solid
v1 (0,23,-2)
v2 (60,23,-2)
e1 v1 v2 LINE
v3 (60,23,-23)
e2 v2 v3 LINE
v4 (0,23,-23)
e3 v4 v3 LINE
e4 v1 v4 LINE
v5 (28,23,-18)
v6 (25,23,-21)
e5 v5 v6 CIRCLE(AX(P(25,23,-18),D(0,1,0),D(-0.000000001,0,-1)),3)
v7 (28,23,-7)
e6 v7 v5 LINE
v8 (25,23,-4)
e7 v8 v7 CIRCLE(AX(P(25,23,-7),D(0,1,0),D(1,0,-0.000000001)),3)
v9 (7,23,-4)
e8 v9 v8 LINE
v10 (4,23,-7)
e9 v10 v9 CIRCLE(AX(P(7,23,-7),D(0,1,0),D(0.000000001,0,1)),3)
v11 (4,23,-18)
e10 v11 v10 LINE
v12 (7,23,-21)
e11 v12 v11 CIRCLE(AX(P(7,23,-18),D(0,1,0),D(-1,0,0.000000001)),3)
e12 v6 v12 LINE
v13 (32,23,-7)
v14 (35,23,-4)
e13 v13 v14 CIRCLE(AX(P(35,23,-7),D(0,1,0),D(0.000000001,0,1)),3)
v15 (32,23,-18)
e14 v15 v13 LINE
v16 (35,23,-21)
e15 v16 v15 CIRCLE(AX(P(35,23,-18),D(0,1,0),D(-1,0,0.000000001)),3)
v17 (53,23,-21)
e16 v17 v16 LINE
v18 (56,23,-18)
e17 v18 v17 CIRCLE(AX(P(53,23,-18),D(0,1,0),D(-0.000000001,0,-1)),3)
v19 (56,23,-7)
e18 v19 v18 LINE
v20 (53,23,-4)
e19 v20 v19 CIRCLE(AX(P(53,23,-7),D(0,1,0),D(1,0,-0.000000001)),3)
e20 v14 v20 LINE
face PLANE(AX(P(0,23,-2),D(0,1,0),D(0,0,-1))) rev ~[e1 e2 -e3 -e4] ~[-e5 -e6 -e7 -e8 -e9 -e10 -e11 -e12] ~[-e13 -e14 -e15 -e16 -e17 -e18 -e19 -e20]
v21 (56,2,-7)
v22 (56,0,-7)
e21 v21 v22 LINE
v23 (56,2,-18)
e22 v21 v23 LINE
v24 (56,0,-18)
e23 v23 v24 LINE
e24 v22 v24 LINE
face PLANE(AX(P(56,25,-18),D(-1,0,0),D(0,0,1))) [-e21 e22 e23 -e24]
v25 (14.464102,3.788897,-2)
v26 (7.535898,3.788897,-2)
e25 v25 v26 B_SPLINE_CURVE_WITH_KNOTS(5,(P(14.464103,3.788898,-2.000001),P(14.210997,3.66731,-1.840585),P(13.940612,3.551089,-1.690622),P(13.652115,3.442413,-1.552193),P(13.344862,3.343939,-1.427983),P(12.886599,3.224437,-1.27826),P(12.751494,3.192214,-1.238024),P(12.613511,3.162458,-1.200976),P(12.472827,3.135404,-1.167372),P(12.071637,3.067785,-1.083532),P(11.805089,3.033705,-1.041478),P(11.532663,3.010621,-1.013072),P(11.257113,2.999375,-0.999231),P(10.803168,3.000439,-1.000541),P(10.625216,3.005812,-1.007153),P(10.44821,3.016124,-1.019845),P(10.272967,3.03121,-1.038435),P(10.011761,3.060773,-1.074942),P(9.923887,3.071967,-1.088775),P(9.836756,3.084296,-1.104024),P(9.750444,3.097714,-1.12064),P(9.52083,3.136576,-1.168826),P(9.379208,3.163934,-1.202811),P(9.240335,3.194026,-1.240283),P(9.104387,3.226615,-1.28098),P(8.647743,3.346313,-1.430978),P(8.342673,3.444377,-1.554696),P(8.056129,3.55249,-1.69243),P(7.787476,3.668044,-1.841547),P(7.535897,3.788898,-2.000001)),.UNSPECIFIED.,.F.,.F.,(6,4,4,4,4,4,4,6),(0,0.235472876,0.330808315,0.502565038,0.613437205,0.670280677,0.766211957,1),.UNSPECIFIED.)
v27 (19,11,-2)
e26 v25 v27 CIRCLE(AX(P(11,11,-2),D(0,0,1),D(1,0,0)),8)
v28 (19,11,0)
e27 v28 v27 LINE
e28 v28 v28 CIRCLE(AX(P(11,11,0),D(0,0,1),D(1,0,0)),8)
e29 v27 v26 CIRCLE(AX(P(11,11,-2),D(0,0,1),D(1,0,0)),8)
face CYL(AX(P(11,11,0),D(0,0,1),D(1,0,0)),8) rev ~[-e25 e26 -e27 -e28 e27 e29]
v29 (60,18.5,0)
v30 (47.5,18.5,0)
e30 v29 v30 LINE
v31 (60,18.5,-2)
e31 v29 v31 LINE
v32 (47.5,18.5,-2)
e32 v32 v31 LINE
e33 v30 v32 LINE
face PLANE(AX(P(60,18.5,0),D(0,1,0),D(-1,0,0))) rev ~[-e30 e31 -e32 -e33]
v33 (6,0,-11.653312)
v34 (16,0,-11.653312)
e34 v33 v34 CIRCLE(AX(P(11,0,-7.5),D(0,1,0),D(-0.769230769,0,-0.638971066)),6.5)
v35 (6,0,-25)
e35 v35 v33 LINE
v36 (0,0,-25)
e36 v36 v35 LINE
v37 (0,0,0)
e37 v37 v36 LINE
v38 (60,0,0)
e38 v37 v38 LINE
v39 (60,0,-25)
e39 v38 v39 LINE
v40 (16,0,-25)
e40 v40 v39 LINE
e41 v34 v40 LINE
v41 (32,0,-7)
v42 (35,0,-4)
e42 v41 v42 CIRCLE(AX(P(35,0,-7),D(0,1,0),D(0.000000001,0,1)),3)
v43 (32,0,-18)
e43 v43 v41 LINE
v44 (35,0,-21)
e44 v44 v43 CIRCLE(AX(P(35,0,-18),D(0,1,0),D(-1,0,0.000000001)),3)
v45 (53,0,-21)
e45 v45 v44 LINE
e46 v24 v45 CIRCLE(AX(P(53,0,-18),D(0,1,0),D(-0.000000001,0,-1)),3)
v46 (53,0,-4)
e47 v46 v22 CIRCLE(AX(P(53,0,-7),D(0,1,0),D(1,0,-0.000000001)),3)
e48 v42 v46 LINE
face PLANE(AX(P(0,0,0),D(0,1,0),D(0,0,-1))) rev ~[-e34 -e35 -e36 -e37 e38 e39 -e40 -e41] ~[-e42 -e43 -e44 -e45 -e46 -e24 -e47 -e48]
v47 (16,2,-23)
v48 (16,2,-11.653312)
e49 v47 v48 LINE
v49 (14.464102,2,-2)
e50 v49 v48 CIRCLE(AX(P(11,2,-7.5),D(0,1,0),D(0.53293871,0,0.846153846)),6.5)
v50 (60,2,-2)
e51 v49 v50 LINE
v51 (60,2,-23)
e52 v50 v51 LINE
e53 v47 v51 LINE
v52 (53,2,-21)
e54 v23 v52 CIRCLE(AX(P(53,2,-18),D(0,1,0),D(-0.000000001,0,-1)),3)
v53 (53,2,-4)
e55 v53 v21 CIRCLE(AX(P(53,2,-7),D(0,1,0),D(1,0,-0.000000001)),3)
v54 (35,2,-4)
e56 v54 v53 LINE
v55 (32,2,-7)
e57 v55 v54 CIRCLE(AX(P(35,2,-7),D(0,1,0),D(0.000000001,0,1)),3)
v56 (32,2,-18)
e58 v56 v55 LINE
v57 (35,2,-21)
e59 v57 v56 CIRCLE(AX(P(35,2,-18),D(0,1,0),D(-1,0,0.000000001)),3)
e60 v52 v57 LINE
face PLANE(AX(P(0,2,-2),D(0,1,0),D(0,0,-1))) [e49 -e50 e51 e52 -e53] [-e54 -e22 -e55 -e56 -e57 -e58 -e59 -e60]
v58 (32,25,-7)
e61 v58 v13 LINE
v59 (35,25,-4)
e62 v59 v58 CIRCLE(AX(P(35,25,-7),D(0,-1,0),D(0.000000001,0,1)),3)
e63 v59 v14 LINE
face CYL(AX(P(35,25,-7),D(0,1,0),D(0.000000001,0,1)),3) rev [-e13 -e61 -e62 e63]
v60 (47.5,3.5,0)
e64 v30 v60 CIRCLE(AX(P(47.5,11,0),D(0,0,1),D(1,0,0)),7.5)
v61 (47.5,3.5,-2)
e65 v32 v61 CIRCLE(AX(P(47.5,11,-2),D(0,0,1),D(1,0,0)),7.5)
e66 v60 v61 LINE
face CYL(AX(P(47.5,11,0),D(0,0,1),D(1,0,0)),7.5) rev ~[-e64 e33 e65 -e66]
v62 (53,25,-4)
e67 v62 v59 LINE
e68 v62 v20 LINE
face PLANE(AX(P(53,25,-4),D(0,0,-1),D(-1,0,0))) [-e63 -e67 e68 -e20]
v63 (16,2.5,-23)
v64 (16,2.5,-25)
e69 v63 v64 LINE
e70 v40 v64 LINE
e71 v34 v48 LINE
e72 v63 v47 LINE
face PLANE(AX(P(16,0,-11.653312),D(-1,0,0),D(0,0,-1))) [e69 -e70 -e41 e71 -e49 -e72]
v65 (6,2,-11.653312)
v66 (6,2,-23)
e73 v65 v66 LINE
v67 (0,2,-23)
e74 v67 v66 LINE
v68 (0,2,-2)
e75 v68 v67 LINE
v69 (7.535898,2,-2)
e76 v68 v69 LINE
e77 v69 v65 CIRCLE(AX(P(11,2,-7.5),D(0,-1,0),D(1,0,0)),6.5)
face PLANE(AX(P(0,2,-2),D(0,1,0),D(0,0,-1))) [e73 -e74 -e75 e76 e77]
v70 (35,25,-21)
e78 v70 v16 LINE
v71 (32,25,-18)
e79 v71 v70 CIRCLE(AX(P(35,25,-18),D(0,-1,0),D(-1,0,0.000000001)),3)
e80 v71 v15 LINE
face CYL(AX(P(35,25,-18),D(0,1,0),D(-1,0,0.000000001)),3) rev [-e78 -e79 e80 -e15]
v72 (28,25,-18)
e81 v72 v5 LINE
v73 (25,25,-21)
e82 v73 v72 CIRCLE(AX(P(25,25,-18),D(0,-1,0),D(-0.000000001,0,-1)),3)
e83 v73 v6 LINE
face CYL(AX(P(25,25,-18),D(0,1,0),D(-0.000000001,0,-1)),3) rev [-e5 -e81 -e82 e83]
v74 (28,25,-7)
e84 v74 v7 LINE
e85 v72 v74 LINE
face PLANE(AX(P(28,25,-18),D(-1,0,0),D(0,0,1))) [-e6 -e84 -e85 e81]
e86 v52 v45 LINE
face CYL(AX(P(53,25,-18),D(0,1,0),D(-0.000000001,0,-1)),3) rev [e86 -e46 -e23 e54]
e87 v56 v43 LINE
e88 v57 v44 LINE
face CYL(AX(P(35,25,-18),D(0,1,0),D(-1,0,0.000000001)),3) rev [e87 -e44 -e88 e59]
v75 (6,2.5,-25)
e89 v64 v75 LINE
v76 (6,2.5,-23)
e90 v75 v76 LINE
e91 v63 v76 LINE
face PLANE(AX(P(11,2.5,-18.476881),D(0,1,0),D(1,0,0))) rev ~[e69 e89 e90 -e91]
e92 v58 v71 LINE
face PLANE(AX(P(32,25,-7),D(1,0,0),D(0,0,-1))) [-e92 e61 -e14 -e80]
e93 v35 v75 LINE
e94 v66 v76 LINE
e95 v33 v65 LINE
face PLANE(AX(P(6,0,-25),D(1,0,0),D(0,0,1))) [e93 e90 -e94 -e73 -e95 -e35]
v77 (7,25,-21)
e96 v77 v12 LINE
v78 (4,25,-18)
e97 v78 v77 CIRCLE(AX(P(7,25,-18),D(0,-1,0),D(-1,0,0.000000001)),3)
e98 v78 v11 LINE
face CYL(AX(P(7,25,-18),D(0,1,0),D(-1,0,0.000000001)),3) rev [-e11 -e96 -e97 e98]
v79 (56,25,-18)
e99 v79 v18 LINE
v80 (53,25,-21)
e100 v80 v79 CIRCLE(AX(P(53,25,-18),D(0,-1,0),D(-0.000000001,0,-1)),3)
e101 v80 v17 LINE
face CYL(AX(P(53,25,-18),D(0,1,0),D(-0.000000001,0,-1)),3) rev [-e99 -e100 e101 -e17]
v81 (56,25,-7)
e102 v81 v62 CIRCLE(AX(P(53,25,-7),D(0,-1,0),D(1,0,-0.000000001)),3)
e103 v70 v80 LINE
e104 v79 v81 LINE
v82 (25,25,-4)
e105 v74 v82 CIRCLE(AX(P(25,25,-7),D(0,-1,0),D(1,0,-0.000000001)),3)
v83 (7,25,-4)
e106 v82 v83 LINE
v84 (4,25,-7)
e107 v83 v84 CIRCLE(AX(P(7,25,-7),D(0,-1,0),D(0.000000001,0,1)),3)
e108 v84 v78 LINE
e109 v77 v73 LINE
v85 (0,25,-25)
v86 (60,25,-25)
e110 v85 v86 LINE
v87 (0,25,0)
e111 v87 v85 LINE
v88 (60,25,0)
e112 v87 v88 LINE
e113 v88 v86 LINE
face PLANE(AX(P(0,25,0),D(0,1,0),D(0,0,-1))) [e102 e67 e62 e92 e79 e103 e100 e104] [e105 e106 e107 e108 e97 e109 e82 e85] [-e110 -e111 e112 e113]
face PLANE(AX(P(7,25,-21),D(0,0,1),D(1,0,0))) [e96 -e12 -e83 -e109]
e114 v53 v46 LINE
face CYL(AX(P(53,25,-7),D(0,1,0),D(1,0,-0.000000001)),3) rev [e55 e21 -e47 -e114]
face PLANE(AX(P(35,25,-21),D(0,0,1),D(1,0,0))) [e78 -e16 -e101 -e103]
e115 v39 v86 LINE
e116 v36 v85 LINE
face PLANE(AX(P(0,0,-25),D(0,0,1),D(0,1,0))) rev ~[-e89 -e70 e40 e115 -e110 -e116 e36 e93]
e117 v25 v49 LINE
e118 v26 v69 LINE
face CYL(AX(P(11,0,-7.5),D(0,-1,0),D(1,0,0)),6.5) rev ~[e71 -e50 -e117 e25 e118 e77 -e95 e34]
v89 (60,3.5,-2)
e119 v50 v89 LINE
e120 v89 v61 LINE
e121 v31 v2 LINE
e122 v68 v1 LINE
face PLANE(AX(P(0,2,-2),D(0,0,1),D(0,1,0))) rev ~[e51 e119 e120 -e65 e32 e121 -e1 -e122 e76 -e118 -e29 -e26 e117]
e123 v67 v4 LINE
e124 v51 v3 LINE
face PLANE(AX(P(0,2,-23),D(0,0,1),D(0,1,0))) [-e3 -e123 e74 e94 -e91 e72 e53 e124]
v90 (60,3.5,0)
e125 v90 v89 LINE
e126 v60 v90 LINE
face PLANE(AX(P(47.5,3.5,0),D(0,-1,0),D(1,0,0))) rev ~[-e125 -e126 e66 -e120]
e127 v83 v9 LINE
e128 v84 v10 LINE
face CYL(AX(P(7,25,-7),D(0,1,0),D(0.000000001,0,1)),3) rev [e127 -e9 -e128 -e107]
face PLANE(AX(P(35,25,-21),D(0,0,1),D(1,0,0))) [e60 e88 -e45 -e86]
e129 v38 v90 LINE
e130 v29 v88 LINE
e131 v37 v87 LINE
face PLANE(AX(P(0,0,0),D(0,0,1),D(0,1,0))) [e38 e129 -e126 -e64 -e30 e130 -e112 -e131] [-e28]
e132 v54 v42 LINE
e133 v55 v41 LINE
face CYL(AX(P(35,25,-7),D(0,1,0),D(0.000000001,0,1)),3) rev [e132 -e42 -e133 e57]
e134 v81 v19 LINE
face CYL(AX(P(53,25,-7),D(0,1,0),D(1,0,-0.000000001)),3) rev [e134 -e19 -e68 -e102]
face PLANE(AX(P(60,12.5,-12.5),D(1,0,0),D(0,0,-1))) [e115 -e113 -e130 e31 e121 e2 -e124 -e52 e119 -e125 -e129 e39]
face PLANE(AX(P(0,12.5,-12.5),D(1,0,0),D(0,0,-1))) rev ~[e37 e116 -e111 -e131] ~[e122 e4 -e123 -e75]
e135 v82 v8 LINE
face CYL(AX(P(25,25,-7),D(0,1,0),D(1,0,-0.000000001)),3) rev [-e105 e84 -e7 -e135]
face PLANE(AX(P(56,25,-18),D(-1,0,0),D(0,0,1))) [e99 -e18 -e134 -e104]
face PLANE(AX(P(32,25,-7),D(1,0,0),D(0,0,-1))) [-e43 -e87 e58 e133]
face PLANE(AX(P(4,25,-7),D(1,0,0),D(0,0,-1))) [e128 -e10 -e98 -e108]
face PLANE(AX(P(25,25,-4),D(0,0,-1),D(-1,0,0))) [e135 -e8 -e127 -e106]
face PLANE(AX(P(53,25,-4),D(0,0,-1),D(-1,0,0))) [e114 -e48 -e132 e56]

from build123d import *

# Parameters (mm, degrees)
SKETCH_1_W          = 25
SKETCH_1_H          = 25
SKETCH_1_W_2        = 21
SKETCH_1_H_2        = 21
EXTRUDE_1_DEPTH     = 60
CUT_EXTRUDE_1_REACH = 71.642
SKETCH_2_R          = 8
SKETCH_2_R_2        = 7.5
SKETCH_3_R          = 6.5
CUT_EXTRUDE_2_DEPTH = 4.5
CUT_EXTRUDE_3_DEPTH = 2.5
CUT_EXTRUDE_4_REACH = 71.642
CUT_EXTRUDE_5_REACH = 71.642
CUT_EXTRUDE_6_REACH = 71.642


with BuildPart() as part:
    # Эскиз1 → Бобышка-Вытянуть1 (new body)
    with BuildSketch(Plane(origin=(0, 0, 0), x_dir=(0, 0, -1), z_dir=(1, 0, 0))):
        with Locations((12.5, 12.5)):
            Rectangle(SKETCH_1_W, SKETCH_1_H)
        with Locations((12.5, 12.5)):
            Rectangle(SKETCH_1_W_2, SKETCH_1_H_2, mode=Mode.SUBTRACT)
    extrude(amount=EXTRUDE_1_DEPTH)

    # Эскиз2 → Вырез-Вытянуть1 (cut, up to next)
    with BuildSketch(Plane.XY, mode=Mode.PRIVATE) as cut_extrude_1_sk1:
        with Locations((11, 11)):
            Circle(SKETCH_2_R)
    cut_extrude_1_tool1 = extrude(cut_extrude_1_sk1.sketch, amount=-CUT_EXTRUDE_1_REACH, mode=Mode.PRIVATE) & part.part
    # Эскиз2 → Вырез-Вытянуть1 (cut, up to next)
    with BuildSketch(Plane.XY, mode=Mode.PRIVATE) as cut_extrude_1_sk2:
        with Locations((47.5, 11)):
            Circle(SKETCH_2_R_2)
    cut_extrude_1_tool2 = extrude(cut_extrude_1_sk2.sketch, amount=-CUT_EXTRUDE_1_REACH, mode=Mode.PRIVATE) & part.part
    add(cut_extrude_1_tool1.solids().sort_by_distance((11, 11, 0))[0], mode=Mode.SUBTRACT)
    add(cut_extrude_1_tool2.solids().sort_by_distance((47.5, 11, 0))[0], mode=Mode.SUBTRACT)

    # Эскиз3 → Вырез-Вытянуть2 (cut)
    with BuildSketch(Plane.XZ):
        with Locations((11, -7.5)):
            Circle(SKETCH_3_R)
    extrude(amount=-CUT_EXTRUDE_2_DEPTH, mode=Mode.SUBTRACT)

    # Эскиз4 → Вырез-Вытянуть3 (cut)
    with BuildSketch(Plane(origin=(0, 0, 0), x_dir=(1, 0, 0), z_dir=(0, 1, 0))):
        with BuildLine():
            Line((16, 11.653311931), (16, 25))
            Line((16, 25), (6, 25))
            Line((6, 25), (6, 11.653311931))
            ThreePointArc((6, 11.653311931), (11, 14), (16, 11.653311931))
        make_face()
    extrude(amount=CUT_EXTRUDE_3_DEPTH, mode=Mode.SUBTRACT)

    # Эскиз5 → Вырез-Вытянуть4 (cut, up to next)
    with BuildSketch(Plane.XY, mode=Mode.PRIVATE) as cut_extrude_4_sk1:
        with BuildLine():
            Line((60, 18.5), (47.5, 18.5))
            ThreePointArc((47.5, 18.5), (52.803300859, 16.303300859), (55, 11))
            ThreePointArc((55, 11), (52.803300859, 5.696699141), (47.5, 3.5))
            Line((47.5, 3.5), (60, 3.5))
            Line((60, 3.5), (60, 18.5))
        make_face()
    cut_extrude_4_tool1 = extrude(cut_extrude_4_sk1.sketch, amount=-CUT_EXTRUDE_4_REACH, mode=Mode.PRIVATE) & part.part
    add(cut_extrude_4_tool1.solids().sort_by_distance((56.483263, 11, 0))[0], mode=Mode.SUBTRACT)

    # Эскиз6 → Вырез-Вытянуть5 (cut, up to next)
    with BuildSketch(Plane(origin=(0, 25, 0), x_dir=(1, 0, 0), z_dir=(0, 1, 0)), mode=Mode.PRIVATE) as cut_extrude_5_sk1:
        with BuildLine():
            ThreePointArc((4, 7), (4.878679656, 4.878679656), (7, 4))
            Line((7, 4), (25, 4))
            ThreePointArc((25, 4), (27.121320344, 4.878679656), (28, 7))
            Line((28, 7), (28, 18))
            ThreePointArc((28, 18), (27.121320344, 20.121320344), (25, 21))
            Line((25, 21), (7, 21))
            ThreePointArc((7, 21), (4.878679656, 20.121320344), (4, 18))
            Line((4, 18), (4, 7))
        make_face()
    cut_extrude_5_tool1 = extrude(cut_extrude_5_sk1.sketch, amount=-CUT_EXTRUDE_5_REACH, mode=Mode.PRIVATE) & part.part
    # Эскиз6 → Вырез-Вытянуть5 (cut, up to next)
    with BuildSketch(Plane(origin=(0, 25, 0), x_dir=(1, 0, 0), z_dir=(0, 1, 0)), mode=Mode.PRIVATE) as cut_extrude_5_sk2:
        with BuildLine():
            Line((32, 18), (32, 7))
            ThreePointArc((32, 7), (32.878679656, 4.878679656), (35, 4))
            Line((35, 4), (53, 4))
            ThreePointArc((53, 4), (55.121320344, 4.878679656), (56, 7))
            Line((56, 7), (56, 18))
            ThreePointArc((56, 18), (55.121320344, 20.121320344), (53, 21))
            Line((53, 21), (35, 21))
            ThreePointArc((35, 21), (32.878679656, 20.121320344), (32, 18))
        make_face()
    cut_extrude_5_tool2 = extrude(cut_extrude_5_sk2.sketch, amount=-CUT_EXTRUDE_5_REACH, mode=Mode.PRIVATE) & part.part
    add(cut_extrude_5_tool1.solids().sort_by_distance((16, 25, -12.5))[0], mode=Mode.SUBTRACT)
    add(cut_extrude_5_tool2.solids().sort_by_distance((44, 25, -12.5))[0], mode=Mode.SUBTRACT)

    # Эскиз6<3> → Вырез-Вытянуть6 (cut, up to next)
    with BuildSketch(Plane(origin=(0, 25, 0), x_dir=(1, 0, 0), z_dir=(0, 1, 0)), mode=Mode.PRIVATE) as cut_extrude_6_sk1:
        with BuildLine():
            Line((32, 18), (32, 7))
            ThreePointArc((32, 7), (32.878679656, 4.878679656), (35, 4))
            Line((35, 4), (53, 4))
            ThreePointArc((53, 4), (55.121320344, 4.878679656), (56, 7))
            Line((56, 7), (56, 18))
            ThreePointArc((56, 18), (55.121320344, 20.121320344), (53, 21))
            Line((53, 21), (35, 21))
            ThreePointArc((35, 21), (32.878679656, 20.121320344), (32, 18))
        make_face()
    cut_extrude_6_tool1 = extrude(cut_extrude_6_sk1.sketch, amount=-CUT_EXTRUDE_6_REACH, mode=Mode.PRIVATE) & part.part
    add(cut_extrude_6_tool1.solids().sort_by_distance((44, 25, -12.5))[0], mode=Mode.SUBTRACT)


solid = part.part
